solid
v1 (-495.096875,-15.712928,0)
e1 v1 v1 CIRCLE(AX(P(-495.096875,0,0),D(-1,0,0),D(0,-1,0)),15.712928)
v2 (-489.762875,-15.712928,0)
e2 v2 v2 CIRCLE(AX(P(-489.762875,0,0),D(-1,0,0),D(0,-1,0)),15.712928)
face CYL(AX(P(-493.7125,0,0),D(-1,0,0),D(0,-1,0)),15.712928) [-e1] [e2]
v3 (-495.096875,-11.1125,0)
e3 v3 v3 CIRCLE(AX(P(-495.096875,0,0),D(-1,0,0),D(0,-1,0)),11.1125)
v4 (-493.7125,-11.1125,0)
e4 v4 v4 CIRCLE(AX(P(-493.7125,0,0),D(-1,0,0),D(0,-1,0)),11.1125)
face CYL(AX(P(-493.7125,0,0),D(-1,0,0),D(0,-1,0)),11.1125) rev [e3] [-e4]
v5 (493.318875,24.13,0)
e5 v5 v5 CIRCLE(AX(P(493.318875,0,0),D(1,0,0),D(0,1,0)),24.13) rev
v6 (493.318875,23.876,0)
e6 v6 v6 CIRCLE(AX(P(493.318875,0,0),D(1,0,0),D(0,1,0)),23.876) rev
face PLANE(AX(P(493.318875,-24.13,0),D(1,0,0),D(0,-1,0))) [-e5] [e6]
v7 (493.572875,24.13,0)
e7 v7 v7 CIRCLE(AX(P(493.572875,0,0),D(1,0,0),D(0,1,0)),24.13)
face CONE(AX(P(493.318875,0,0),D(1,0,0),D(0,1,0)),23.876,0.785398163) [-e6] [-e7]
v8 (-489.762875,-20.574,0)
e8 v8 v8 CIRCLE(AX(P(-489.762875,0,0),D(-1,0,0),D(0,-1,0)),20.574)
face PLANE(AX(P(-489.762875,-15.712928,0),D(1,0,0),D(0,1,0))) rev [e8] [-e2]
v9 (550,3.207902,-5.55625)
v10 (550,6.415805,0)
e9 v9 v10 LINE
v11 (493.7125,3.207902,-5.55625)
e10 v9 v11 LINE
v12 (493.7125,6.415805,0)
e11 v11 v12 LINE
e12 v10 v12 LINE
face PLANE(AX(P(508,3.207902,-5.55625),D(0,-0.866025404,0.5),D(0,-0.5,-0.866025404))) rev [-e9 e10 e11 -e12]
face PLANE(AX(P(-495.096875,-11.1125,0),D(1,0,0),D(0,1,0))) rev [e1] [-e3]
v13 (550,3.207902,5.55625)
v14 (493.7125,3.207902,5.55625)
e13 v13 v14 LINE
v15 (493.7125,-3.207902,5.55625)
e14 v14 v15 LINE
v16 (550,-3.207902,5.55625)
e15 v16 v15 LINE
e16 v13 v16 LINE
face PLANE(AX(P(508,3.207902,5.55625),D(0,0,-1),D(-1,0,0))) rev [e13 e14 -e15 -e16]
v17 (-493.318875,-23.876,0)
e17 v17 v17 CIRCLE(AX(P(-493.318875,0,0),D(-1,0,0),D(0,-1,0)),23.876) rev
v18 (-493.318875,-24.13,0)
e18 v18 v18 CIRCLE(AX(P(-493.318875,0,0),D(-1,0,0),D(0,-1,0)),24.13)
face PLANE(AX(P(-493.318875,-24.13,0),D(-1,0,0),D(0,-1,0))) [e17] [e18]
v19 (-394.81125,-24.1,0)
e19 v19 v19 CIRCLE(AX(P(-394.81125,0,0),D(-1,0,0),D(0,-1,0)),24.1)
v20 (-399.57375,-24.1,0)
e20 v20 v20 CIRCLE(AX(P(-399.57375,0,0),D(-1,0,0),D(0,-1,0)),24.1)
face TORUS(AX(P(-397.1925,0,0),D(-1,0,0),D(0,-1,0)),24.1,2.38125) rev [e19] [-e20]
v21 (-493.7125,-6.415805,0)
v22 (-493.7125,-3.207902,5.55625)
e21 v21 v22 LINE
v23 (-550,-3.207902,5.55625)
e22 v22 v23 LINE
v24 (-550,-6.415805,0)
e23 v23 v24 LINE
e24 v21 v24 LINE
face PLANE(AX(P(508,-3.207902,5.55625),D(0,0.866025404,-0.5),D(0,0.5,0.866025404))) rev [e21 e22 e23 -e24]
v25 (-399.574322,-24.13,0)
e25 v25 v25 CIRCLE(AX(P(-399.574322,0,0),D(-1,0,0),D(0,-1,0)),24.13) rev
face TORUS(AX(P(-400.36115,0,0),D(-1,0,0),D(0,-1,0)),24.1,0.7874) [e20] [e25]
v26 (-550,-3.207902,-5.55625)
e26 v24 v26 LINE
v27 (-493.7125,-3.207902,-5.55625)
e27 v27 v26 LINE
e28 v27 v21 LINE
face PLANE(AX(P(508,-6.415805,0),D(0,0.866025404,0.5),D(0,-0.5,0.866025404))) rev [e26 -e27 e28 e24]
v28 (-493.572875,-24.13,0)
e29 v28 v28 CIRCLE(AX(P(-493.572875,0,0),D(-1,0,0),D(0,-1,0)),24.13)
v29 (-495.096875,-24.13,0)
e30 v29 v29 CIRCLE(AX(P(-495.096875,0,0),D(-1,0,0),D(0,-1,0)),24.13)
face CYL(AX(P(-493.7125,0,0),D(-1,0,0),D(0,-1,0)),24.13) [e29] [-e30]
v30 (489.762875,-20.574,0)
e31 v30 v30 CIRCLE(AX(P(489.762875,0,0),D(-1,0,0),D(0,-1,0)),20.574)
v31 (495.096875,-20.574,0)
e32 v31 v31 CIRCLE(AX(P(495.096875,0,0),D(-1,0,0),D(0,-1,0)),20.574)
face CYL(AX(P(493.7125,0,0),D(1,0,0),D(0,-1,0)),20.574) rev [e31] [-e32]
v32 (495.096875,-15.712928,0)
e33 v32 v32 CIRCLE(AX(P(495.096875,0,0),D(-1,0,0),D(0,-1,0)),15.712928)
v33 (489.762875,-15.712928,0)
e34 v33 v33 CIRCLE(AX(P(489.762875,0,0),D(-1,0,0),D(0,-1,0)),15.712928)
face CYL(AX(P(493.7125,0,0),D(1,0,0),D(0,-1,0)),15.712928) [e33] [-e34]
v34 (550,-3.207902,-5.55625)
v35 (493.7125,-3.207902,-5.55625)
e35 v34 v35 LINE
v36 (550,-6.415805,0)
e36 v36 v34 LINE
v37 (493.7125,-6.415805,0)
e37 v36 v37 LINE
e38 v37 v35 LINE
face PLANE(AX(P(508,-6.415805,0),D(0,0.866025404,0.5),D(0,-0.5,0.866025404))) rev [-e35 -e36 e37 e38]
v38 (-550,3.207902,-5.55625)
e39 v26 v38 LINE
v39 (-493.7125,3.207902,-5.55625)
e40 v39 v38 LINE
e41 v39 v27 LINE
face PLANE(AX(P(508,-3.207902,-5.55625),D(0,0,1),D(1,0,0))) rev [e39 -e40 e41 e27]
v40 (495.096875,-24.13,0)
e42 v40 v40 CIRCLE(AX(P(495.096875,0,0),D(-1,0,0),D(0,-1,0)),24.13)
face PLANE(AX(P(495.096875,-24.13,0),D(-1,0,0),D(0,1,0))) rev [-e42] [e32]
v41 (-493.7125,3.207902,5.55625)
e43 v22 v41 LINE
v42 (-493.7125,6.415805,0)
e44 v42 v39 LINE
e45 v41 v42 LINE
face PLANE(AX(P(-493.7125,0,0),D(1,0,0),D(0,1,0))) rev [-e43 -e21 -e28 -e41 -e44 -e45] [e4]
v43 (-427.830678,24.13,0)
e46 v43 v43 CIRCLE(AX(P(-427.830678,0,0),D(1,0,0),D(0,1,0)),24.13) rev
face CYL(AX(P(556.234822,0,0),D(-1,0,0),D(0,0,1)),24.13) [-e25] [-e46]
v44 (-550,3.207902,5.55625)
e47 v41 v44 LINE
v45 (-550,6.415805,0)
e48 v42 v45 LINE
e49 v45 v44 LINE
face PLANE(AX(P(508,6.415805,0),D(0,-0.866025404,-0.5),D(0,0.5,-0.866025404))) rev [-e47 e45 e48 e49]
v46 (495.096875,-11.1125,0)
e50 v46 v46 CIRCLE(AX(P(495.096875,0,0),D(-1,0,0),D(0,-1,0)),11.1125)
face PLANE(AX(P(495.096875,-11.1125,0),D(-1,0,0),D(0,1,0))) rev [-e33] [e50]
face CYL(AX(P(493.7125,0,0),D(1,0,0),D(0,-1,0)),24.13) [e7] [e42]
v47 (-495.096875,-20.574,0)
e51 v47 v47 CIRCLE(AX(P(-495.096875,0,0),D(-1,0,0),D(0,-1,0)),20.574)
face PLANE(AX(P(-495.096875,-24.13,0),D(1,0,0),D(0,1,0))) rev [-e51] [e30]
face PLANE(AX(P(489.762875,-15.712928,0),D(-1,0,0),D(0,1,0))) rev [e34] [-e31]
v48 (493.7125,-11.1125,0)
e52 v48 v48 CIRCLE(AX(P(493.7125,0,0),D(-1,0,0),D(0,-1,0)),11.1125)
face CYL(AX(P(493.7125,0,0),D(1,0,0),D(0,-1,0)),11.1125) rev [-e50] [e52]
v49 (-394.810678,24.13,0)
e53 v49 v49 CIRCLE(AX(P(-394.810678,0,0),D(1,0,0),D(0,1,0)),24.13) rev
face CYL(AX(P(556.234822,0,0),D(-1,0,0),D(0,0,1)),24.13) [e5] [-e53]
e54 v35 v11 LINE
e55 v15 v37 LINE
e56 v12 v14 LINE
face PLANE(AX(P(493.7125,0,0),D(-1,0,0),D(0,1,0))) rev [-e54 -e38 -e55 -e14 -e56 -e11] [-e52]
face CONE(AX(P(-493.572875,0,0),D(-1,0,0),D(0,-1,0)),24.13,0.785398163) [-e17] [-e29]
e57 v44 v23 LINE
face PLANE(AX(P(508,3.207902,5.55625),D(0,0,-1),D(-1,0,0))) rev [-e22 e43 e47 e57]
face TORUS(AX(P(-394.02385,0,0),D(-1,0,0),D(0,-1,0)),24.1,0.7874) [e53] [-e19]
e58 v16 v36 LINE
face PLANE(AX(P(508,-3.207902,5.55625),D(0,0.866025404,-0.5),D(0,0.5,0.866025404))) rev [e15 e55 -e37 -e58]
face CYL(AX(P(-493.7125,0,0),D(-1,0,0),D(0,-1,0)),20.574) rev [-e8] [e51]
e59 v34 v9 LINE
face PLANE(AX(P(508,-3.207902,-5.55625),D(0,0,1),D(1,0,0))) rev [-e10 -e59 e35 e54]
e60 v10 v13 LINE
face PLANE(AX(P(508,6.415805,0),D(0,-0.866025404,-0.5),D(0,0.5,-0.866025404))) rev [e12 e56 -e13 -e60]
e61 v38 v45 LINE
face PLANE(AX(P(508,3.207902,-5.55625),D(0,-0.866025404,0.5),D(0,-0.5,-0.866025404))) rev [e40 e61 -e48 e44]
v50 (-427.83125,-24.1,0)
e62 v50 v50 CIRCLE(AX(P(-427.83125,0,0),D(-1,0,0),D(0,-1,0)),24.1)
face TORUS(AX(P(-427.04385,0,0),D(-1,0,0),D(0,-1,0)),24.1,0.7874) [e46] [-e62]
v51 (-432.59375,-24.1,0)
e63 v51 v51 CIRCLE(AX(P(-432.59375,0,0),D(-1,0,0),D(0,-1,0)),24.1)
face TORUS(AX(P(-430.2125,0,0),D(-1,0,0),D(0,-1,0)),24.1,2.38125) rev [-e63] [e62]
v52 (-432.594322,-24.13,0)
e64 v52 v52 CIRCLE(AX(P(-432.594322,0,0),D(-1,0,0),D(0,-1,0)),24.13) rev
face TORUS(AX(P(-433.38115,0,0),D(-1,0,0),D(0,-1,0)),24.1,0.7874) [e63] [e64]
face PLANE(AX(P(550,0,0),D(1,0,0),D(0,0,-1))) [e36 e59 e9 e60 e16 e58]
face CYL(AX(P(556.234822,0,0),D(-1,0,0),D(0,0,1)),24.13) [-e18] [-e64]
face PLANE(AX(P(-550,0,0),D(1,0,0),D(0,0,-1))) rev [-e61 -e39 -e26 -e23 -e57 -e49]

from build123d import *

# Parameters (mm, degrees)
BOSS_EXTRUDE1_START             = -487.984875
SKETCH3_R                       = 24.13
BOSS_EXTRUDE1_DEPTH             = 975.96975
CHAMFER1_SIZE                   = 0.254
BOSS_EXTRUDE3_REACH             = 985.674
SKETCH6_R                       = 24.13
SKETCH6_R_2                     = 22.352
BOSS_EXTRUDE3_DIRECTION_2_REACH = 985.674
BOSS_EXTRUDE2_DEPTH             = 508
BOSS_EXTRUDE2_DEPTH_BACK        = 508
LPATTERN1_COUNT                 = 2
LPATTERN1_PITCH                 = 33.02
BOSS_EXTRUDE4_DEPTH             = 550
BOSS_EXTRUDE5_DEPTH             = 550


with BuildPart() as part:
    # Sketch2 → Revolve1 (revolve)
    with BuildSketch(Plane.XY, mode=Mode.PRIVATE) as revolve1_sk:
        Polygon((-493.7125, 0), (-493.7125, 11.1125), (-495.096875, 11.1125), (-495.096875, 15.712927565), (-489.762875, 15.712927565), (-489.762875, 20.574), (-495.096875, 20.574), (-495.096875, 24.13), (-493.318875, 24.13), (-493.318875, 22.352), (-487.984875, 22.352), (-487.984875, 0), align=None)
    revolve(revolve1_sk.sketch.rotate(Axis((-493.7125, 0, 0), (1, 0, 0)), 180), axis=Axis((-493.7125, 0, 0), (1, 0, 0)))


with BuildPart() as body_2:
    # Mirror2: mirrored copy
    add(part.part.mirror(Plane(origin=(0, 0, 0), x_dir=(0, 0, 1), z_dir=(1, 0, 0))))


with BuildPart() as part_1:
    add(part.part)

    add(body_2.part)  # Boss-Extrude1 merges body 2
    # Sketch3 → Boss-Extrude1 (add)
    with BuildSketch(Plane(origin=(0, 0, 0), x_dir=(0, 0, -1), z_dir=(1, 0, 0)).offset(BOSS_EXTRUDE1_START)):
        with Locations(Location((0, 0, 0), (0, 0, 270))):
            Circle(SKETCH3_R)
    extrude(amount=BOSS_EXTRUDE1_DEPTH)

    # Chamfer1
    chamfer1_edges = [part_1.edges().sort_by_distance(p)[0] for p in [
        (493.318875, 24.13, 0),
        (-493.318875, 24.13, 0),
    ]]
    chamfer(chamfer1_edges, length=CHAMFER1_SIZE)

    # Boss-Extrude3: up to this face of the body (flat: up to its plane)
    boss_extrude3_end = Plane(part_1.part.faces().sort_by_distance((-493.318875, 23.20068474, 0))[0])
    # Sketch6 → Boss-Extrude3 (add, up to the picked face)
    with BuildSketch(Plane.ZY.offset(487.984875), mode=Mode.PRIVATE) as boss_extrude3_sk1:
        with Locations(Location((0, 0, 0), (0, 0, 270))):
            Circle(SKETCH6_R)
        Circle(SKETCH6_R_2, mode=Mode.SUBTRACT)
    boss_extrude3_tool1 = split(extrude(boss_extrude3_sk1.sketch, amount=BOSS_EXTRUDE3_REACH, mode=Mode.PRIVATE), bisect_by=boss_extrude3_end, keep=Keep.BOTH, mode=Mode.PRIVATE)
    add(boss_extrude3_tool1.solids().sort_by(Axis((-487.984875, 23.447501, 0), (-1, 0, 0)))[0])

    # Boss-Extrude3 direction 2: up to this face of the body (flat: up to its plane)
    boss_extrude3_direction_2_end = Plane(part_1.part.faces().sort_by_distance((493.318875, 23.20068474, 0))[0])
    # Sketch6 → Boss-Extrude3 direction 2 (add, up to the picked face)
    with BuildSketch(Plane.ZY.offset(487.984875), mode=Mode.PRIVATE) as boss_extrude3_direction_2_sk1:
        with Locations(Location((0, 0, 0), (0, 0, 270))):
            Circle(SKETCH6_R)
        Circle(SKETCH6_R_2, mode=Mode.SUBTRACT)
    boss_extrude3_direction_2_tool1 = split(extrude(boss_extrude3_direction_2_sk1.sketch, amount=-BOSS_EXTRUDE3_DIRECTION_2_REACH, mode=Mode.PRIVATE), bisect_by=boss_extrude3_direction_2_end, keep=Keep.BOTH, mode=Mode.PRIVATE)
    add(boss_extrude3_direction_2_tool1.solids().sort_by(Axis((-487.984875, 23.447501, 0), (1, 0, 0)))[0])

    # Sketch4 → Boss-Extrude2 (add, two sides: drawn at the far end of the back side and taken through both)
    with BuildSketch(Plane(origin=(0, 0, 0), x_dir=(0, 0, -1), z_dir=(1, 0, 0)).offset(-BOSS_EXTRUDE2_DEPTH_BACK)):
        Polygon((0, 6.415804866), (-5.55625, 3.207902433), (-5.55625, -3.207902433), (0, -6.415804866), (5.55625, -3.207902433), (5.55625, 3.207902433), align=None)
    extrude(amount=BOSS_EXTRUDE2_DEPTH + BOSS_EXTRUDE2_DEPTH_BACK)

    # Sketch5 → Cut-Revolve1 (revolve, cut)
    with BuildSketch(Plane.XY, mode=Mode.PRIVATE) as cut_revolve1_sk:
        with BuildLine():
            Line((-433.38115, 24.8874), (-433.38115, 25.5224))
            Line((-433.38115, 25.5224), (-427.04385, 25.5224))
            Line((-427.04385, 25.5224), (-427.04385, 24.8874))
            ThreePointArc((-427.04385, 24.8874), (-427.60062588, 24.65677588), (-427.83125, 24.1))
            ThreePointArc((-427.83125, 24.1), (-430.2125, 21.71875), (-432.59375, 24.1))
            ThreePointArc((-432.59375, 24.1), (-432.82437412, 24.65677588), (-433.38115, 24.8874))
        make_face()
    cut_revolve1 = revolve(cut_revolve1_sk.sketch.rotate(Axis((-508, 0, 0), (1, 0, 0)), 180), axis=Axis((-508, 0, 0), (1, 0, 0)), mode=Mode.SUBTRACT)

    # LPattern1: Cut-Revolve1 ×2
    with Locations(*[(i * LPATTERN1_PITCH, 0, 0) for i in range(1, LPATTERN1_COUNT)]):
        add(cut_revolve1, mode=Mode.SUBTRACT)

    # Sketch4<2> → Boss-Extrude4 (add)
    with BuildSketch(Plane(origin=(0, 0, 0), x_dir=(0, 0, -1), z_dir=(1, 0, 0))):
        Polygon((0, 6.415804866), (-5.55625, 3.207902433), (-5.55625, -3.207902433), (0, -6.415804866), (5.55625, -3.207902433), (5.55625, 3.207902433), align=None)
    extrude(amount=BOSS_EXTRUDE4_DEPTH)

    # Sketch4<3> → Boss-Extrude5 (add)
    with BuildSketch(Plane(origin=(0, 0, 0), x_dir=(0, 0, -1), z_dir=(1, 0, 0))):
        Polygon((0, 6.415804866), (-5.55625, 3.207902433), (-5.55625, -3.207902433), (0, -6.415804866), (5.55625, -3.207902433), (5.55625, 3.207902433), align=None)
    extrude(amount=-BOSS_EXTRUDE5_DEPTH)


solid = part_1.part
